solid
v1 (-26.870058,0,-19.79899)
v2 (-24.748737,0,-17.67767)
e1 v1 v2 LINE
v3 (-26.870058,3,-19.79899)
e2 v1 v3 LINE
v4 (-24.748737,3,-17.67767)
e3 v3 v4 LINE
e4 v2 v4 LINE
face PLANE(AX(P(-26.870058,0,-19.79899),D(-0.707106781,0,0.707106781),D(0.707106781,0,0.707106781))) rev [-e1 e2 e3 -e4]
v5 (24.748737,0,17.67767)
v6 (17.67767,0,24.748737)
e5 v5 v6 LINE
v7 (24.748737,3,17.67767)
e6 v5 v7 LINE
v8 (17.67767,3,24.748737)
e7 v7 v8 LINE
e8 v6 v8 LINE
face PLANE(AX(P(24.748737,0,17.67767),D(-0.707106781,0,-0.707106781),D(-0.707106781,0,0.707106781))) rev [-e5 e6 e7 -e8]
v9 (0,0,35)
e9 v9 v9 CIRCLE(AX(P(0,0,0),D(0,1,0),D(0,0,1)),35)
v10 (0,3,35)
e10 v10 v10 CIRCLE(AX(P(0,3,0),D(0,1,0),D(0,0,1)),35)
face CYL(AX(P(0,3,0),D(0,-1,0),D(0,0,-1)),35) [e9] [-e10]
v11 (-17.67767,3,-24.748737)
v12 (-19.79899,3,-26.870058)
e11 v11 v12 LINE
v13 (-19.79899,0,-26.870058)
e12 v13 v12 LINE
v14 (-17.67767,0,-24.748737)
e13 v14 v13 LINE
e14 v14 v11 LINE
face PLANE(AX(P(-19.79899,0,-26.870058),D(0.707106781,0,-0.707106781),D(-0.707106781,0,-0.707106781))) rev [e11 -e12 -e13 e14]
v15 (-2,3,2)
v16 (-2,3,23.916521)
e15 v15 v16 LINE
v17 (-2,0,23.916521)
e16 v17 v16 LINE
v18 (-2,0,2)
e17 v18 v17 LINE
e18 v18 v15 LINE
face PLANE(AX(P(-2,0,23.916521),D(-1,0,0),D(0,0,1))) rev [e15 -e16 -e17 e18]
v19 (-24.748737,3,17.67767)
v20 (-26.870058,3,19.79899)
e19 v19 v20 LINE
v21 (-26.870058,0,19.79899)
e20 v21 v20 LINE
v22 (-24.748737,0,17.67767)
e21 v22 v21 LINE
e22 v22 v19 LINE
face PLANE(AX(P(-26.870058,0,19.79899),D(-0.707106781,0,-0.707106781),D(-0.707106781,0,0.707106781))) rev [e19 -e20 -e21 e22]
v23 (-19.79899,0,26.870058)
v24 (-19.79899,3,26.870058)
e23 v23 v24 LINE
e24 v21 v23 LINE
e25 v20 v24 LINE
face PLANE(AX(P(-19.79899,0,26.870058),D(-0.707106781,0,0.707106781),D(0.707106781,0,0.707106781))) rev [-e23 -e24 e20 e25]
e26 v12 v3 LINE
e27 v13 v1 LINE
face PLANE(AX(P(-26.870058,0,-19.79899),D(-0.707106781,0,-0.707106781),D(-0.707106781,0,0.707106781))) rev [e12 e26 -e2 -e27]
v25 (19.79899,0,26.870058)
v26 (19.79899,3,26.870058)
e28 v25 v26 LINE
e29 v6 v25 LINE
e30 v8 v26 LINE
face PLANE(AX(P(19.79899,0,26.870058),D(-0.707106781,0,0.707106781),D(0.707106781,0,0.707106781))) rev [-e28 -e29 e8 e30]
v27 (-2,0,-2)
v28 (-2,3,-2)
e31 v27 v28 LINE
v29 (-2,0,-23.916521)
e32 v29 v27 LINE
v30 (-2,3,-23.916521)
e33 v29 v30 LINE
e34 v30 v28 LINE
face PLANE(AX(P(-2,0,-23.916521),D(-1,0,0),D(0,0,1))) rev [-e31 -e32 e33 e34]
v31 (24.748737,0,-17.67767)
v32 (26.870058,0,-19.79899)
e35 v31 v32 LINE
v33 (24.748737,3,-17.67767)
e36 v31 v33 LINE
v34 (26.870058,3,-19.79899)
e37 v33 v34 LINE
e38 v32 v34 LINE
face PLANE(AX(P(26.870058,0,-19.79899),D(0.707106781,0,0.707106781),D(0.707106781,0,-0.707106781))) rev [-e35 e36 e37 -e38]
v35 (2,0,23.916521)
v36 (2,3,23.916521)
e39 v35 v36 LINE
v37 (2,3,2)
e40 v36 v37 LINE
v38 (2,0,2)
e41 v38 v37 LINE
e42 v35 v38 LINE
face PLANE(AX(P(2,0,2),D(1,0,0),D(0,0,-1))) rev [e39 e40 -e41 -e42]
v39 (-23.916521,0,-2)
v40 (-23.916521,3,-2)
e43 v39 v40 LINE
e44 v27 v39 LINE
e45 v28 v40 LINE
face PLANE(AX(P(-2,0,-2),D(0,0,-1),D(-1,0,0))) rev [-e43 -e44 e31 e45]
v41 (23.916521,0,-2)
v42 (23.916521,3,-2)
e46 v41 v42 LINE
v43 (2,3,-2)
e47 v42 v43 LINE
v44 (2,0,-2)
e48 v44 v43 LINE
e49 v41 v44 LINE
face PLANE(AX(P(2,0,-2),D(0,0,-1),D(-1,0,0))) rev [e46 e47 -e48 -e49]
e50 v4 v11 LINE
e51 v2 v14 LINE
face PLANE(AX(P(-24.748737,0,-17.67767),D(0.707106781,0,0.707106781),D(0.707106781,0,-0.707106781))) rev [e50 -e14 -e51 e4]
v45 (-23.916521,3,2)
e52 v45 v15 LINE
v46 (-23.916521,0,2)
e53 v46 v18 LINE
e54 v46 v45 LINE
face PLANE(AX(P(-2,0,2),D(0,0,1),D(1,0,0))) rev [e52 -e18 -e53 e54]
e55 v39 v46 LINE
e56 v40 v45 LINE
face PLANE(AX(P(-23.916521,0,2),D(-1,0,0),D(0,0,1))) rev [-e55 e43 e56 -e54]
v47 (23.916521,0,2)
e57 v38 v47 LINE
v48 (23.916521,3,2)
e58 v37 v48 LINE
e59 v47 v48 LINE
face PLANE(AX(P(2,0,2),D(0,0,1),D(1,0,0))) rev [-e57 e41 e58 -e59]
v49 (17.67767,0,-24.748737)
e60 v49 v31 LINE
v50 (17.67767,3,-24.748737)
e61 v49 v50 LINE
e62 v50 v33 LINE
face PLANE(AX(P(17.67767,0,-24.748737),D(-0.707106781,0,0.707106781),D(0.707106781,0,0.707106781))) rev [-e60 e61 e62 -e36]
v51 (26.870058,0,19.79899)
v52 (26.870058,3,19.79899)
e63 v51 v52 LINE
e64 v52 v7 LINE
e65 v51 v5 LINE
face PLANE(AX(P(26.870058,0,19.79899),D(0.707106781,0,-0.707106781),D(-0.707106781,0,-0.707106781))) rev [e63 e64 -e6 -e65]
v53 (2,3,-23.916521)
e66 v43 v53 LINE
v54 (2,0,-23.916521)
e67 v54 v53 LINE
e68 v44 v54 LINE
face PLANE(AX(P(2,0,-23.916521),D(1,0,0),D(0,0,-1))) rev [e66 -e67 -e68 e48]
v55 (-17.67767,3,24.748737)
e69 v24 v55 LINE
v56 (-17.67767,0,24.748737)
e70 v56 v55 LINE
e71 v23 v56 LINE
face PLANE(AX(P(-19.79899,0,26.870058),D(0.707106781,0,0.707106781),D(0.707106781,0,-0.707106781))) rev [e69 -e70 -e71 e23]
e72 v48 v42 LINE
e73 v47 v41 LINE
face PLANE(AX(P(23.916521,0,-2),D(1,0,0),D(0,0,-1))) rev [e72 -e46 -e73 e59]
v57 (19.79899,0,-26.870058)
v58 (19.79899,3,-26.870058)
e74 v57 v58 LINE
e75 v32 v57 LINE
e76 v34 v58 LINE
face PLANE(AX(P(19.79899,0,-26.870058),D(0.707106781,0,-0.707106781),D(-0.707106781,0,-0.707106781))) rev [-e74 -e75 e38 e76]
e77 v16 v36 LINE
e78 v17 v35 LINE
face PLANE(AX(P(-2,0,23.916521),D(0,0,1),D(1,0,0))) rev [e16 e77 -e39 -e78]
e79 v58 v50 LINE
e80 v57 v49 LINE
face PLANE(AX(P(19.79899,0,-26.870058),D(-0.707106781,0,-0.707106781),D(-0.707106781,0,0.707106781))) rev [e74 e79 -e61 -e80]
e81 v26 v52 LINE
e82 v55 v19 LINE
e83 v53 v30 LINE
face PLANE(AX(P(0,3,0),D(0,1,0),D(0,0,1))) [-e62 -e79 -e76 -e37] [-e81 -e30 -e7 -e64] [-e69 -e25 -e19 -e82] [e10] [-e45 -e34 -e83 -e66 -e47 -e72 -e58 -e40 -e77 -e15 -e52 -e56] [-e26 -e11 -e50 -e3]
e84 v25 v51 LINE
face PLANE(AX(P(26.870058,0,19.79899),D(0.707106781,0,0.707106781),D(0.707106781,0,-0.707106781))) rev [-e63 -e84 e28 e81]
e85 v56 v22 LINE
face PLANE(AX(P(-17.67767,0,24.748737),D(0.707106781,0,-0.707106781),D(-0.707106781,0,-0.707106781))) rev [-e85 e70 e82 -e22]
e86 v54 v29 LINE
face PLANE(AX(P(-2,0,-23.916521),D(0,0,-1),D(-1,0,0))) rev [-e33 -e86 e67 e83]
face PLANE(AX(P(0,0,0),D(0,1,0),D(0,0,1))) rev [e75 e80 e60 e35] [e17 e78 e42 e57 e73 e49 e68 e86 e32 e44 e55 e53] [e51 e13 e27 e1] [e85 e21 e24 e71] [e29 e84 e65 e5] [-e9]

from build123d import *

# Parameters (mm, degrees)
SKICA1_R                 = 35
P_IDAT_VYSUNUT_M1_DEPTH  = 3
ODEBRAT_VYSUNUT_M1_DEPTH = 3
ODEBRAT_VYSUNUT_M3_DEPTH = 3


with BuildPart() as part:
    # Skica1 → Přidat vysunutím1 (new body)
    with BuildSketch(Plane(origin=(0, 0, 0), x_dir=(1, 0, 0), z_dir=(0, 1, 0))):
        with Locations(Location((0, 0, 0), (0, 0, 270))):
            Circle(SKICA1_R)
    extrude(amount=P_IDAT_VYSUNUT_M1_DEPTH)

    # Skica2 → Odebrat vysunutím1 (cut)
    with BuildSketch(Plane(origin=(0, 3, 0), x_dir=(1, 0, 0), z_dir=(0, 1, 0))):
        Polygon((2, 23.916521486), (2, 2), (23.916521486, 2), (23.916521486, -2), (2, -2), (2, -23.916521486), (-2, -23.916521486), (-2, -2), (-23.916521486, -2), (-23.916521486, 2), (-2, 2), (-2, 23.916521486), align=None)
    extrude(amount=-ODEBRAT_VYSUNUT_M1_DEPTH, mode=Mode.SUBTRACT)

    # Skica3 → Odebrat vysunutím3 (cut)
    with BuildSketch(Plane(origin=(0, 3, 0), x_dir=(1, 0, 0), z_dir=(0, 1, 0))):
        Polygon((19.798989873, 26.870057685), (26.870057685, 19.798989873), (24.748737342, 17.67766953), (17.67766953, 24.748737342), align=None)
        Polygon((26.870057685, -19.798989873), (19.798989873, -26.870057685), (17.67766953, -24.748737342), (24.748737342, -17.67766953), align=None)
        Polygon((-19.798989873, -26.870057685), (-26.870057685, -19.798989873), (-24.748737342, -17.67766953), (-17.67766953, -24.748737342), align=None)
        Polygon((-26.870057685, 19.798989873), (-19.798989873, 26.870057685), (-17.67766953, 24.748737342), (-24.748737342, 17.67766953), align=None)
    extrude(amount=-ODEBRAT_VYSUNUT_M3_DEPTH, mode=Mode.SUBTRACT)


solid = part.part
